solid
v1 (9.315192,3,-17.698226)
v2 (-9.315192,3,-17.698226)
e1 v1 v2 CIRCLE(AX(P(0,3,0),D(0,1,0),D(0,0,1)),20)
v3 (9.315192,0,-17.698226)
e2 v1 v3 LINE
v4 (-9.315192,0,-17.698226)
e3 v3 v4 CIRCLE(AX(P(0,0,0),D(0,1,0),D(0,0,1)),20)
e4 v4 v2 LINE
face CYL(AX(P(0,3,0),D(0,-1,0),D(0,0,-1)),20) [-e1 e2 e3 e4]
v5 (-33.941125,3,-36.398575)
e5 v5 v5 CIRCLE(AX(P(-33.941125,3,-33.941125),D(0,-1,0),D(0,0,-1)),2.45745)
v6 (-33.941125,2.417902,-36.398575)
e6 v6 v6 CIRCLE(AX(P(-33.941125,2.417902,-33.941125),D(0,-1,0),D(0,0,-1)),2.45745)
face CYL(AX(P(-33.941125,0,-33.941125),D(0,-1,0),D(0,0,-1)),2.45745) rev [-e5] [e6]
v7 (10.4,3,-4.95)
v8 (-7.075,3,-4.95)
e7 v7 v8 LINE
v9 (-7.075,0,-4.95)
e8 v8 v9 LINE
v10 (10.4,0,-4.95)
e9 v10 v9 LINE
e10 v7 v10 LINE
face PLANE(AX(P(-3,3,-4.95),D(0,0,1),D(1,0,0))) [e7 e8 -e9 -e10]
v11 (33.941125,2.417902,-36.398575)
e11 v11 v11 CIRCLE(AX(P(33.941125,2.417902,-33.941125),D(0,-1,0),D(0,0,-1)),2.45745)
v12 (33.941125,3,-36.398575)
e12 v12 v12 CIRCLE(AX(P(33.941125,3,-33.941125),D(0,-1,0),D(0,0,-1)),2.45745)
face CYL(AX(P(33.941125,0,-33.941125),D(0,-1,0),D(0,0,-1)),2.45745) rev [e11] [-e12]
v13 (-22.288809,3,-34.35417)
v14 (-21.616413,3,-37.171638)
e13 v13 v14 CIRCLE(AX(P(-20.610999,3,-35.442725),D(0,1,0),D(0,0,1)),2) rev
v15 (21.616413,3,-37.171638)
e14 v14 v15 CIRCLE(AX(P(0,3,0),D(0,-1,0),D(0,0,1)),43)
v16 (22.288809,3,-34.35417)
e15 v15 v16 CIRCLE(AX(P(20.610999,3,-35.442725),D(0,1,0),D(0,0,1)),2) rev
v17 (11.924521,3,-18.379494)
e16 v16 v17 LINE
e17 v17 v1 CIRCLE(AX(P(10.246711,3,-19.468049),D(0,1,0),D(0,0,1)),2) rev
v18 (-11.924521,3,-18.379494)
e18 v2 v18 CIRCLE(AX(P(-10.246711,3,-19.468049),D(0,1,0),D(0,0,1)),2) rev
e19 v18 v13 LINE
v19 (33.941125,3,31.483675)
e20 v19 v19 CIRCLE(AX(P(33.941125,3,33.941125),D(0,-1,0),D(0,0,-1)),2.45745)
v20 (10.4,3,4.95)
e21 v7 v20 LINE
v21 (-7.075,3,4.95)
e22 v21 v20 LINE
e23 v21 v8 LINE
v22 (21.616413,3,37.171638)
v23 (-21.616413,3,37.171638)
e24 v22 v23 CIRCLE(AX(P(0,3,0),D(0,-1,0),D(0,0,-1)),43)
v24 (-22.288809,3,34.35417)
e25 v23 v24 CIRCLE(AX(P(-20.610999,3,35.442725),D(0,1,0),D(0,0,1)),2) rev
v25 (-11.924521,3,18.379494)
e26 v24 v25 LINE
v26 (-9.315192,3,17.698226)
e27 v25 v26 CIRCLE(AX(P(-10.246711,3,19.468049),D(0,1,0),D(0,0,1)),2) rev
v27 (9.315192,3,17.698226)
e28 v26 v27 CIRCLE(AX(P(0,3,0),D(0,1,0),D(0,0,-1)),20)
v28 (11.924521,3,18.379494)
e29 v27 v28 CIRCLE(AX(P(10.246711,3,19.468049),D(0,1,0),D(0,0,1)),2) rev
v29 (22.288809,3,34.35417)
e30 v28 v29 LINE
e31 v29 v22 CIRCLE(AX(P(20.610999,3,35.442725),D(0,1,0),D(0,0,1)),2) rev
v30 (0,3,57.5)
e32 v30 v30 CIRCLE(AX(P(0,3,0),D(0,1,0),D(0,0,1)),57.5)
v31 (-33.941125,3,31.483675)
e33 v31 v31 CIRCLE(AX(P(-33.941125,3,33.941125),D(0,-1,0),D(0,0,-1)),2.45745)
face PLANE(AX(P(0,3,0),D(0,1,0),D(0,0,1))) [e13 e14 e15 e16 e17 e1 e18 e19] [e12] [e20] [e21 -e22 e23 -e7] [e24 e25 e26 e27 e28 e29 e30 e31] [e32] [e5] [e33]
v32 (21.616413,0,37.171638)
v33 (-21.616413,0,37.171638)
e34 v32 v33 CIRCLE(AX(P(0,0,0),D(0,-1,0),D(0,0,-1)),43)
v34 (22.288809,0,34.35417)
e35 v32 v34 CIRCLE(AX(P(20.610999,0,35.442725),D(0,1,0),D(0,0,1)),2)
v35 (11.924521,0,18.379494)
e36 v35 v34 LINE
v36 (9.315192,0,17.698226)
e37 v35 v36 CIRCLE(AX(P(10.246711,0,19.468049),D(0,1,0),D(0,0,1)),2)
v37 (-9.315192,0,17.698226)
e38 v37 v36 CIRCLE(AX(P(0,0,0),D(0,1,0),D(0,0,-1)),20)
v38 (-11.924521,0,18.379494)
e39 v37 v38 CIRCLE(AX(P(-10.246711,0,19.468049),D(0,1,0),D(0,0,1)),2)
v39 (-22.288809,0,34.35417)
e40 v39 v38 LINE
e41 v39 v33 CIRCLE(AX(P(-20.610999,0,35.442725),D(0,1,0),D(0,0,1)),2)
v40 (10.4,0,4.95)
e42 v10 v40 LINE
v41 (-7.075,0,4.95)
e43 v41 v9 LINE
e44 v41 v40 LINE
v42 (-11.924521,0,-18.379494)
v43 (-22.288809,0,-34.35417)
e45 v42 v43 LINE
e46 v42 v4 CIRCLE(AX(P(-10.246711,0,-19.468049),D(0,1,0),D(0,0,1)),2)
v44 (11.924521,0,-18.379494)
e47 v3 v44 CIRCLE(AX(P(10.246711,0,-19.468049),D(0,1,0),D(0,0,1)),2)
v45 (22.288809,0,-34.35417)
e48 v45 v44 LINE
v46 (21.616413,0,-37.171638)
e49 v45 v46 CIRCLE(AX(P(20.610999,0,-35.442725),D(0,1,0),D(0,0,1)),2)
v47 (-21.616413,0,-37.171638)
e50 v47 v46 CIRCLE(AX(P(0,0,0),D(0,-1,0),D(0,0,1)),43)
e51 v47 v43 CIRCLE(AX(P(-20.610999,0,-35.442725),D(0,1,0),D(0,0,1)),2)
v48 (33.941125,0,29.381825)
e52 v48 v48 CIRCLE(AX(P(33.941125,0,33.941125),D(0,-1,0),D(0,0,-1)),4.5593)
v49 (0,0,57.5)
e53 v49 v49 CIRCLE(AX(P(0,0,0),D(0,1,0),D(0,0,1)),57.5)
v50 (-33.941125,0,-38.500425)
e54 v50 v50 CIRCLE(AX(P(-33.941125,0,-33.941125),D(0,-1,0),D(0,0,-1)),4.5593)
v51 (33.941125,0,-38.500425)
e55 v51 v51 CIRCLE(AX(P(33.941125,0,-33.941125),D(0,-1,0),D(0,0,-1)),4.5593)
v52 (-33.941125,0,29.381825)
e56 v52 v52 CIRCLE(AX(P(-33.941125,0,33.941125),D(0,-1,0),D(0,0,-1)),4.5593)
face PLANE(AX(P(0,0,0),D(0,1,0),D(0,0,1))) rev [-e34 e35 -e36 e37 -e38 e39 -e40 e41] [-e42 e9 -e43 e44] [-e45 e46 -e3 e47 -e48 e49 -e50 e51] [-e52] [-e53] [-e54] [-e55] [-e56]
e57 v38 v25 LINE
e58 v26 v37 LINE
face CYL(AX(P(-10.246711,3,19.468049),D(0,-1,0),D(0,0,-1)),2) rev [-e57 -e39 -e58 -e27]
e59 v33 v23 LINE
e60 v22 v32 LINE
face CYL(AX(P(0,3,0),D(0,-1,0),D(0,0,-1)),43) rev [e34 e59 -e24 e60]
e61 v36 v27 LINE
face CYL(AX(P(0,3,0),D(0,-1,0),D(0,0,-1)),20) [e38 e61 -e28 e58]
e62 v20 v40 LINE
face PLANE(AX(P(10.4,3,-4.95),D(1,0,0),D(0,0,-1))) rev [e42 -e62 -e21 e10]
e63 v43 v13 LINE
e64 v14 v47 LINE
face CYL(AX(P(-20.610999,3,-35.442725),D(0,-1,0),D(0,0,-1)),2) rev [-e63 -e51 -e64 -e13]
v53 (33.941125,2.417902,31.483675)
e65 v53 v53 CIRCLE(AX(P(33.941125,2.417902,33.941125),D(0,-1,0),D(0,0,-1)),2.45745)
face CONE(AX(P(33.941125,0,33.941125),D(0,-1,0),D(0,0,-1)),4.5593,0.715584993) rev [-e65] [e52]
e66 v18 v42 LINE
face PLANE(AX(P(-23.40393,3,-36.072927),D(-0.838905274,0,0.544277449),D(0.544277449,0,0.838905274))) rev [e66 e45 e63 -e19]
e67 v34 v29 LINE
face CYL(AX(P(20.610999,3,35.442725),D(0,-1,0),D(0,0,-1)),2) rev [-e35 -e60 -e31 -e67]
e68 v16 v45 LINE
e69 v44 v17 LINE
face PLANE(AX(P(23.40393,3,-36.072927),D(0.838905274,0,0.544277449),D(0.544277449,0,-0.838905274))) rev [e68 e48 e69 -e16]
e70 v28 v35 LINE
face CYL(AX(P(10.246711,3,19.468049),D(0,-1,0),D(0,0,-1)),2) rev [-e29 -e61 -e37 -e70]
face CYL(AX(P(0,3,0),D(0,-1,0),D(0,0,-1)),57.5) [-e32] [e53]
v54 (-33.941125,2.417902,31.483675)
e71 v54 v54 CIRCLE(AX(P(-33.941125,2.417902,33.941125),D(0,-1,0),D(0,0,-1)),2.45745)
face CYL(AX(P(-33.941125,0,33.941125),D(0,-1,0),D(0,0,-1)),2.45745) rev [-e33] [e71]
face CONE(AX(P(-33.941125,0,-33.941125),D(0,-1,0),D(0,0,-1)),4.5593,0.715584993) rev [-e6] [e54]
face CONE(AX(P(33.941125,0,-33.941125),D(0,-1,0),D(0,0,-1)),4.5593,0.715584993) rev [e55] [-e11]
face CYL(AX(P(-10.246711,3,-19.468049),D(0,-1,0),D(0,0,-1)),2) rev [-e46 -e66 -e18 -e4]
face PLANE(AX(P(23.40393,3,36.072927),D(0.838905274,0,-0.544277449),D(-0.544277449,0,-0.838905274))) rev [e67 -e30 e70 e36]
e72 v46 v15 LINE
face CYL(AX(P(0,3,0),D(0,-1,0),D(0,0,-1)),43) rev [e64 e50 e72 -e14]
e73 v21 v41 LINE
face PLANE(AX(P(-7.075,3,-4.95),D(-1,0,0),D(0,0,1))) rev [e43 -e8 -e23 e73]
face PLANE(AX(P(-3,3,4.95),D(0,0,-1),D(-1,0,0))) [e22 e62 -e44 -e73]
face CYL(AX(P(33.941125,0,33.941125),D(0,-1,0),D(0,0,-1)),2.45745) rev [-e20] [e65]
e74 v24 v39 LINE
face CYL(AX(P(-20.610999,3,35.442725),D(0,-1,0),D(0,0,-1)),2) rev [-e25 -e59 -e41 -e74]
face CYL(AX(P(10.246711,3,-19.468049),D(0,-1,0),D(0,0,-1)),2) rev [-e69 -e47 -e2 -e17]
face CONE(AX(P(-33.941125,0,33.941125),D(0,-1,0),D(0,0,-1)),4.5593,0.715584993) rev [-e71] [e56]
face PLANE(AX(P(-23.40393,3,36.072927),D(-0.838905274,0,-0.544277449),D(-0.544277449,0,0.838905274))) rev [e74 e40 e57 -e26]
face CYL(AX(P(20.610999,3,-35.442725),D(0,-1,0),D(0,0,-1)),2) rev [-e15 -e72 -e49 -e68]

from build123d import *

# Parameters (mm, degrees)
SKETCH1_R                                     = 57.5
SKETCH1_R_2                                   = 0.5
SKETCH1_W                                     = 9.325
SKETCH1_H                                     = 9.9
BOSS_EXTRUDE1_DEPTH                           = 3
CSK_FOR_8_FLAT_HEAD_SOCKET_CAP_SCREW1_A_COUNT = 2
CSK_FOR_8_FLAT_HEAD_SOCKET_CAP_SCREW1_A_PITCH = 67.882250994
CSK_FOR_8_FLAT_HEAD_SOCKET_CAP_SCRE_2_COUNT   = 2
CSK_FOR_8_FLAT_HEAD_SOCKET_CAP_SCRE_2_PITCH   = 96
CSK_FOR_8_FLAT_HEAD_SOCKET_CAP_SCRE_3_COUNT   = 2
CSK_FOR_8_FLAT_HEAD_SOCKET_CAP_SCRE_3_PITCH   = 67.882250994
SKETCH5_W                                     = 4.075
SKETCH5_H                                     = 9.9
CUT_EXTRUDE2_DEPTH                            = 4
CUT_EXTRUDE4_DEPTH                            = 4
FILLET3_R                                     = 2


with BuildPart() as part:
    # Sketch1 → Boss-Extrude1 (new body)
    with BuildSketch(Plane(origin=(0, 0, 0), x_dir=(1, 0, 0), z_dir=(0, 1, 0))):
        Circle(SKETCH1_R)
        with Locations((-33.941125497, 33.941125497)):
            Circle(SKETCH1_R_2, mode=Mode.SUBTRACT)
        with Locations((33.941125497, 33.941125497)):
            Circle(SKETCH1_R_2, mode=Mode.SUBTRACT)
        with Locations((33.941125497, -33.941125497)):
            Circle(SKETCH1_R_2, mode=Mode.SUBTRACT)
        with Locations((-33.941125497, -33.941125497)):
            Circle(SKETCH1_R_2, mode=Mode.SUBTRACT)
        with Locations((1.6625, 0)):
            Rectangle(SKETCH1_W, SKETCH1_H, mode=Mode.SUBTRACT)
    extrude(amount=BOSS_EXTRUDE1_DEPTH)

    # Sketch2 → CSK for #8 Flat Head Socket Cap Screw1 (revolve, cut)
    with BuildSketch(Plane(origin=(-33.941125497, 0, 33.941125497), x_dir=(0, 0, -1), z_dir=(1, 0, 0))):
        Polygon((0, 0), (0, 3), (2.45745, 3), (2.45745, 2.417901837), (4.5593, 0), align=None)
    csk_for_8_flat_head_socket_cap_screw1 = revolve(axis=Axis((-33.941125497, -6.35, 33.941125497), (0, 1, 0)), mode=Mode.SUBTRACT)

    # CSK for #8 Flat Head Socket Cap Screw1 a: CSK for #8 Flat Head Socket Cap Screw1 ×2
    with Locations(*[(i * CSK_FOR_8_FLAT_HEAD_SOCKET_CAP_SCREW1_A_PITCH, 0, 0) for i in range(1, CSK_FOR_8_FLAT_HEAD_SOCKET_CAP_SCREW1_A_COUNT)]):
        add(csk_for_8_flat_head_socket_cap_screw1, mode=Mode.SUBTRACT)

    # CSK for _8 Flat Head Socket Cap Scre 2: CSK for #8 Flat Head Socket Cap Screw1 ×2
    with Locations(*[Vector(0.707106781, 0, -0.707106781) * (i * CSK_FOR_8_FLAT_HEAD_SOCKET_CAP_SCRE_2_PITCH) for i in range(1, CSK_FOR_8_FLAT_HEAD_SOCKET_CAP_SCRE_2_COUNT)]):
        add(csk_for_8_flat_head_socket_cap_screw1, mode=Mode.SUBTRACT)

    # CSK for _8 Flat Head Socket Cap Scre 3: CSK for #8 Flat Head Socket Cap Screw1 ×2
    with Locations(*[(0, 0, -i * CSK_FOR_8_FLAT_HEAD_SOCKET_CAP_SCRE_3_PITCH) for i in range(1, CSK_FOR_8_FLAT_HEAD_SOCKET_CAP_SCRE_3_COUNT)]):
        add(csk_for_8_flat_head_socket_cap_screw1, mode=Mode.SUBTRACT)

    # Sketch5 → Cut-Extrude2 (cut, through all)
    with BuildSketch(Plane.XZ):
        with Locations((8.3625, 0)):
            Rectangle(SKETCH5_W, SKETCH5_H)
        with Locations((-5.0375, 0)):
            Rectangle(SKETCH5_W, SKETCH5_H)
    extrude(amount=-CUT_EXTRUDE2_DEPTH, mode=Mode.SUBTRACT)

    # Sketch10 → Cut-Extrude4 (cut, through all)
    with BuildSketch(Plane.XZ):
        with BuildLine():
            Line((23.40393029, 36.072926787), (10.885548972, 16.778105482))
            ThreePointArc((10.885548972, 16.778105482), (0, 20), (-10.885548972, 16.778105482))
            Line((-10.885548972, 16.778105482), (-23.40393029, 36.072926787))
            ThreePointArc((-23.40393029, 36.072926787), (0, 43), (23.40393029, 36.072926787))
        make_face()
        with BuildLine():
            Line((-23.40393029, -36.072926787), (-10.885548972, -16.778105482))
            ThreePointArc((-10.885548972, -16.778105482), (0, -20), (10.885548972, -16.778105482))
            Line((10.885548972, -16.778105482), (23.40393029, -36.072926787))
            ThreePointArc((23.40393029, -36.072926787), (0, -43), (-23.40393029, -36.072926787))
        make_face()
    extrude(amount=-CUT_EXTRUDE4_DEPTH, mode=Mode.SUBTRACT)

    # Fillet3
    fillet3_edges = [part.edges().sort_by_distance(p)[0] for p in [
        (10.885548972, 1.5, 16.778105482),
        (-10.885548972, 1.5, 16.778105482),
        (-10.885548972, 1.5, -16.778105482),
        (10.885548972, 1.5, -16.778105482),
        (23.40393029, 1.5, -36.072926787),
        (-23.40393029, 1.5, -36.072926787),
        (-23.40393029, 1.5, 36.072926787),
        (23.40393029, 1.5, 36.072926787),
    ]]
    fillet(fillet3_edges, radius=FILLET3_R)


solid = part.part
